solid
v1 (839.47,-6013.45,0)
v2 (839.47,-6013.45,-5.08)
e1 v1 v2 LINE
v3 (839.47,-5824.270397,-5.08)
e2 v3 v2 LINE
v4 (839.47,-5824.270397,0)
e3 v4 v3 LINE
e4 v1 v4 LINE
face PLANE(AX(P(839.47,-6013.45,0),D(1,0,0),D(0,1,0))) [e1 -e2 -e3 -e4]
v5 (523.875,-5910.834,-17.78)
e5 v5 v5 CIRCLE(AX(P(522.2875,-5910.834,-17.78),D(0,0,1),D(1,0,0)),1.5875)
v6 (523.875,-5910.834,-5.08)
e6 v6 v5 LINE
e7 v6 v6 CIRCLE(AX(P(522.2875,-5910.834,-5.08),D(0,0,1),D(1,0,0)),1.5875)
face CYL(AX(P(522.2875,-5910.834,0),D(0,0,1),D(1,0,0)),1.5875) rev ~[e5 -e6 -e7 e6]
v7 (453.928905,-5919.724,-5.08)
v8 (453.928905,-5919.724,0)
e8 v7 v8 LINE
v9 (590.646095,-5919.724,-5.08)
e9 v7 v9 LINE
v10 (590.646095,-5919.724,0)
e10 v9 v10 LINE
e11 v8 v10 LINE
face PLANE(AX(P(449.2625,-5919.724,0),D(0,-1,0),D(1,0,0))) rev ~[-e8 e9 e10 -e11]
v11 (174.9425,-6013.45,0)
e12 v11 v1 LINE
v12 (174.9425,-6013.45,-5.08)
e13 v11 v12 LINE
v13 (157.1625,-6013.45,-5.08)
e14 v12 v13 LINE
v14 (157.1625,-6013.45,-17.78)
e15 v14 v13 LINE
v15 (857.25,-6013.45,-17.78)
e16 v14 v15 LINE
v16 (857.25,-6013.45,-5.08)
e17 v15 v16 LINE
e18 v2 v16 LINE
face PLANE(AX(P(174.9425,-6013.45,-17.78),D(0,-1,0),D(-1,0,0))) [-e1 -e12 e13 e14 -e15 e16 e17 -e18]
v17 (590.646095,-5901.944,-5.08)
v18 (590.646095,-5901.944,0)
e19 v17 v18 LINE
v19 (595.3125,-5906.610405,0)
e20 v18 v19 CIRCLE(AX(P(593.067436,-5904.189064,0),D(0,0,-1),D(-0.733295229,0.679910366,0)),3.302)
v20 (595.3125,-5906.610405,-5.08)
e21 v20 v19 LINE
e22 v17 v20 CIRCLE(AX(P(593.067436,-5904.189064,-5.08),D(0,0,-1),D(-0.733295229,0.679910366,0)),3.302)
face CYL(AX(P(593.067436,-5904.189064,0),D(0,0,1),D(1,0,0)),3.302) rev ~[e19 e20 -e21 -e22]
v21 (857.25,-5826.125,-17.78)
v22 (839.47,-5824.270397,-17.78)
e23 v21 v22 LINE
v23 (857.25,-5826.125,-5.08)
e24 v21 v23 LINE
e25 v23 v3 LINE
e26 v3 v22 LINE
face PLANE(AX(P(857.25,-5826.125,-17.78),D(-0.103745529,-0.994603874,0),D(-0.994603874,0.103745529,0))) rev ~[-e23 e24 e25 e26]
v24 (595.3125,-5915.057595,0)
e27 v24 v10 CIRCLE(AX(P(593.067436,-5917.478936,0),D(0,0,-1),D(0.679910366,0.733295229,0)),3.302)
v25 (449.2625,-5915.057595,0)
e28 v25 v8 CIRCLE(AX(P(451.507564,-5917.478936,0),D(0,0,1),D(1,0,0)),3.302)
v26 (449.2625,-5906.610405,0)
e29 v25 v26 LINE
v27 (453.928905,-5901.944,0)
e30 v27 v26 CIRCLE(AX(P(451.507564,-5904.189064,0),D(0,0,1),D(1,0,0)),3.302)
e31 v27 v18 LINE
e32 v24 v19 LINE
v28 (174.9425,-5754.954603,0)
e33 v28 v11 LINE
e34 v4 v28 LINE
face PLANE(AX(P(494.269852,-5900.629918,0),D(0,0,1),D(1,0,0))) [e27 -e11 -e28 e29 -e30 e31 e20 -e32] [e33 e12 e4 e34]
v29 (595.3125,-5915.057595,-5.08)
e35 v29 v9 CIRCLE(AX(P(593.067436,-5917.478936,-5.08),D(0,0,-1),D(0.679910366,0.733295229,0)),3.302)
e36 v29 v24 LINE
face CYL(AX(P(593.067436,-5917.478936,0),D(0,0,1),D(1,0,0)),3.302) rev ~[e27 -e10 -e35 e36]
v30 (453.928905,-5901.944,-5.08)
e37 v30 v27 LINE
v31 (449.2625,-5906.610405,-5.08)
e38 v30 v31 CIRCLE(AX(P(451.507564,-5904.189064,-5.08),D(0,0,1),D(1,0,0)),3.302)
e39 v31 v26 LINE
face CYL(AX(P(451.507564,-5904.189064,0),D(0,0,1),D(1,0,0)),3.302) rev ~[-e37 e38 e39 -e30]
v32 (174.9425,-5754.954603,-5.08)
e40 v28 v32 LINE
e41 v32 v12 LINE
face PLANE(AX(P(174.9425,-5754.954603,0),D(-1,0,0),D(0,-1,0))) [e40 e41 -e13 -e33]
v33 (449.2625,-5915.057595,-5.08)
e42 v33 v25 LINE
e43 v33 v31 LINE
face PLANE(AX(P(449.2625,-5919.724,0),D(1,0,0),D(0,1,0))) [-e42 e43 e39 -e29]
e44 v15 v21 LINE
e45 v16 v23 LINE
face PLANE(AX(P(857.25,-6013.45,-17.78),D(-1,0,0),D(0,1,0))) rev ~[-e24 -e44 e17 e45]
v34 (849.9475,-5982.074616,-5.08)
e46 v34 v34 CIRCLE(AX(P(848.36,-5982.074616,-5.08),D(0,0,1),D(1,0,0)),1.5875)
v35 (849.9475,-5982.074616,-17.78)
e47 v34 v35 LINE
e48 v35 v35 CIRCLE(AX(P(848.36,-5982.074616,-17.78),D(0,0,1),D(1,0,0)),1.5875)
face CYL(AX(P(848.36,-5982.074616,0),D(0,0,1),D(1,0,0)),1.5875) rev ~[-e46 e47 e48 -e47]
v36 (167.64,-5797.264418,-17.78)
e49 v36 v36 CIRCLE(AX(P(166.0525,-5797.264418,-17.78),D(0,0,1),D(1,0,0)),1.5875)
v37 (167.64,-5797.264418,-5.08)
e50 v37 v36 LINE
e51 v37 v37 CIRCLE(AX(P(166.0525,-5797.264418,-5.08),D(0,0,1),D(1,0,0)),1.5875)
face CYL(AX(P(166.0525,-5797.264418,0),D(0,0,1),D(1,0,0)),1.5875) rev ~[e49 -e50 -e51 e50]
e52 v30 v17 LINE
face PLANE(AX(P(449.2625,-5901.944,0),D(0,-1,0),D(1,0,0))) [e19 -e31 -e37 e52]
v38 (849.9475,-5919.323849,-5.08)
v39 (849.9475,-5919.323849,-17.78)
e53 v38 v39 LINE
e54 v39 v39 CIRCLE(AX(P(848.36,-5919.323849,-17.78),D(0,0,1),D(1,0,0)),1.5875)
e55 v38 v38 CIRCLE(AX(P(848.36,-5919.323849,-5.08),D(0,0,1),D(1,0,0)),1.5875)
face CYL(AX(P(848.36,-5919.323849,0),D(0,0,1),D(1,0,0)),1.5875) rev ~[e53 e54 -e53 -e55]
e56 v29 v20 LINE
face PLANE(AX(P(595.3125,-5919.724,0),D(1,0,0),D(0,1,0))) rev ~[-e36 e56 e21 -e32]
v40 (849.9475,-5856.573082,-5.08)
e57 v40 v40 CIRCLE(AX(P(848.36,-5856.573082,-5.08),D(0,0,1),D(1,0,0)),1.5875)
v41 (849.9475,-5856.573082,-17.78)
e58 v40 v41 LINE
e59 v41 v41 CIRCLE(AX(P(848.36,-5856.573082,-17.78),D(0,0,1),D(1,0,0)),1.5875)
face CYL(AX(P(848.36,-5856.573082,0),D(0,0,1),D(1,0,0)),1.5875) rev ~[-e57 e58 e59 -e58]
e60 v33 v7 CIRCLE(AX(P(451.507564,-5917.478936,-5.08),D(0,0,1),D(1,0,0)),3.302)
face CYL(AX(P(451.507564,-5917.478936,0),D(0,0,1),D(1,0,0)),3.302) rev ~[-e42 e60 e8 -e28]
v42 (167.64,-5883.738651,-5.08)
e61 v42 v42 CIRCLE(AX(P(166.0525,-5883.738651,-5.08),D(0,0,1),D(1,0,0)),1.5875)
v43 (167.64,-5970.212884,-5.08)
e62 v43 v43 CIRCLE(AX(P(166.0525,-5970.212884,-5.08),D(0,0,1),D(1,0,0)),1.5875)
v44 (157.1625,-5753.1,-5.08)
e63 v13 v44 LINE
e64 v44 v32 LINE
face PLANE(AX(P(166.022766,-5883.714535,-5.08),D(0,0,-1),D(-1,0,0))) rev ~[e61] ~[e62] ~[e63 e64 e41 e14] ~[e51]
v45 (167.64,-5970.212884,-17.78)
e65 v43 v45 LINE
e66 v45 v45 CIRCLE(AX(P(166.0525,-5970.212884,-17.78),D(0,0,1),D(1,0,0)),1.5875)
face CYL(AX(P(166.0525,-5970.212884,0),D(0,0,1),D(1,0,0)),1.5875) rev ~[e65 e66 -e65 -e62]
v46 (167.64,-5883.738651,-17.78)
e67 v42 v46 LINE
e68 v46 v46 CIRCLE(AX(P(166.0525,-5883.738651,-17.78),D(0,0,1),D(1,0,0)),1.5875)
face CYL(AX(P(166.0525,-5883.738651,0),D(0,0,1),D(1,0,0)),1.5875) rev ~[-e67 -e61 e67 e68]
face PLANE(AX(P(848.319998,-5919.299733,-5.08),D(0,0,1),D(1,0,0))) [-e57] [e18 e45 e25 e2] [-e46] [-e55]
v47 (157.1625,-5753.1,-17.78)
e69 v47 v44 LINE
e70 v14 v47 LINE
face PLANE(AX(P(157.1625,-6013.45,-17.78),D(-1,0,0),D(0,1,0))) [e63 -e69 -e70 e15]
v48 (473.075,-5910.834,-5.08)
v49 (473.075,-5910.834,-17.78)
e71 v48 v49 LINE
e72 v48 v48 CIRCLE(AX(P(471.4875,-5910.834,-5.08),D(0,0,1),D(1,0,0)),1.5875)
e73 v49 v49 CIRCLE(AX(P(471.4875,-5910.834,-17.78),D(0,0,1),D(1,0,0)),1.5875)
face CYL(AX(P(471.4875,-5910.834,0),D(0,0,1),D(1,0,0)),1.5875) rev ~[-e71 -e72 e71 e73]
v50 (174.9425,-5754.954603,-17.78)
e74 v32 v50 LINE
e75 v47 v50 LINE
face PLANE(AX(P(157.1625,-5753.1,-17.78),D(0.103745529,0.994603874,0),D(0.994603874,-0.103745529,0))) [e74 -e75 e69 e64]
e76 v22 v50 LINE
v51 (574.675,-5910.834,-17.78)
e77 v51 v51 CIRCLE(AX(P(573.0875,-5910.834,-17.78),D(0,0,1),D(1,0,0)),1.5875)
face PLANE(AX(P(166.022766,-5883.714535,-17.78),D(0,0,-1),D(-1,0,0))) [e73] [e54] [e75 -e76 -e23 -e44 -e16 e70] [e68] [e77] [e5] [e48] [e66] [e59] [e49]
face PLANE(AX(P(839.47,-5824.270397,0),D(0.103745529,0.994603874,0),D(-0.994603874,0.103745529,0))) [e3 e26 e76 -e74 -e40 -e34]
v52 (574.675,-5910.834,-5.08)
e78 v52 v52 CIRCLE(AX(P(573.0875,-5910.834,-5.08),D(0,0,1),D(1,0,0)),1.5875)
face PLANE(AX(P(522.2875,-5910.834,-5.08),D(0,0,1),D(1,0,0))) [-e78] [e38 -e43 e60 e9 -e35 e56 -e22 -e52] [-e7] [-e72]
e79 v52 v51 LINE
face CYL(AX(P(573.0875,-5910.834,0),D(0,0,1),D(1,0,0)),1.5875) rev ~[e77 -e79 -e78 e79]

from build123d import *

# Parameters (mm, degrees)
HEADSIDERIGHT_THICKNESS_DEPTH = 17.78
EXTRUDE4_DEPTH                = 12.7
SKETCH8_R                     = 1.5875
CUT_EXTRUDE4_DEPTH            = 17.78
SKETCH9_W                     = 146.050000002
SKETCH9_H                     = 17.78
CUT_EXTRUDE5_DEPTH            = 5.08
SKETCH11_R                    = 3.302
CUT_EXTRUDE6_DEPTH            = 5.08


with BuildPart() as part:
    # HeadSideRightOutline → HeadSideRight_Thickness (new body)
    with BuildSketch(Plane.XY):
        Polygon((174.9425, -6013.45), (839.47, -6013.45), (839.47, -5824.270396825), (174.9425, -5754.954603175), align=None)
    extrude(amount=-HEADSIDERIGHT_THICKNESS_DEPTH)

    # Sketch10 → Extrude4 (add)
    with BuildSketch(Plane(origin=(0, 0, -17.78), x_dir=(-1, 0, 0), z_dir=(0, 0, -1))):
        Polygon((-174.9425, -6013.45), (-157.1625, -6013.45), (-157.1625, -5753.1), (-174.9425, -5754.954603175), align=None)
        Polygon((-839.47, -6013.45), (-857.25, -6013.45), (-857.25, -5826.125), (-839.47, -5824.270396825), align=None)
    extrude(amount=-EXTRUDE4_DEPTH)

    # Sketch8 → Cut-Extrude4 (cut)
    with BuildSketch(Plane.XY):
        with Locations((166.0525, -5970.212883599)):
            Circle(SKETCH8_R)
        with Locations((166.0525, -5883.738650795)):
            Circle(SKETCH8_R)
        with Locations((166.0525, -5797.264417991)):
            Circle(SKETCH8_R)
        with Locations((848.36, -5982.074616401)):
            Circle(SKETCH8_R)
        with Locations((848.36, -5919.323849205)):
            Circle(SKETCH8_R)
        with Locations((848.36, -5856.573082009)):
            Circle(SKETCH8_R)
        with Locations((471.4875, -5910.834)):
            Circle(SKETCH8_R)
        with Locations((522.2875, -5910.834)):
            Circle(SKETCH8_R)
        with Locations((573.0875, -5910.834)):
            Circle(SKETCH8_R)
    extrude(amount=-CUT_EXTRUDE4_DEPTH, mode=Mode.SUBTRACT)

    # Sketch9 → Cut-Extrude5 (cut)
    with BuildSketch(Plane.XY):
        with Locations((522.2875, -5910.834)):
            Rectangle(SKETCH9_W, SKETCH9_H)
    extrude(amount=-CUT_EXTRUDE5_DEPTH, mode=Mode.SUBTRACT)

    # Sketch11 → Cut-Extrude6 (cut)
    with BuildSketch(Plane.XY):
        with Locations((451.507564029, -5904.18906403)):
            Circle(SKETCH11_R)
        with Locations((451.507564029, -5917.47893597)):
            Circle(SKETCH11_R)
        with Locations((593.067435971, -5917.47893597)):
            Circle(SKETCH11_R)
        with Locations((593.067435971, -5904.18906403)):
            Circle(SKETCH11_R)
    extrude(amount=-CUT_EXTRUDE6_DEPTH, mode=Mode.SUBTRACT)


solid = part.part
